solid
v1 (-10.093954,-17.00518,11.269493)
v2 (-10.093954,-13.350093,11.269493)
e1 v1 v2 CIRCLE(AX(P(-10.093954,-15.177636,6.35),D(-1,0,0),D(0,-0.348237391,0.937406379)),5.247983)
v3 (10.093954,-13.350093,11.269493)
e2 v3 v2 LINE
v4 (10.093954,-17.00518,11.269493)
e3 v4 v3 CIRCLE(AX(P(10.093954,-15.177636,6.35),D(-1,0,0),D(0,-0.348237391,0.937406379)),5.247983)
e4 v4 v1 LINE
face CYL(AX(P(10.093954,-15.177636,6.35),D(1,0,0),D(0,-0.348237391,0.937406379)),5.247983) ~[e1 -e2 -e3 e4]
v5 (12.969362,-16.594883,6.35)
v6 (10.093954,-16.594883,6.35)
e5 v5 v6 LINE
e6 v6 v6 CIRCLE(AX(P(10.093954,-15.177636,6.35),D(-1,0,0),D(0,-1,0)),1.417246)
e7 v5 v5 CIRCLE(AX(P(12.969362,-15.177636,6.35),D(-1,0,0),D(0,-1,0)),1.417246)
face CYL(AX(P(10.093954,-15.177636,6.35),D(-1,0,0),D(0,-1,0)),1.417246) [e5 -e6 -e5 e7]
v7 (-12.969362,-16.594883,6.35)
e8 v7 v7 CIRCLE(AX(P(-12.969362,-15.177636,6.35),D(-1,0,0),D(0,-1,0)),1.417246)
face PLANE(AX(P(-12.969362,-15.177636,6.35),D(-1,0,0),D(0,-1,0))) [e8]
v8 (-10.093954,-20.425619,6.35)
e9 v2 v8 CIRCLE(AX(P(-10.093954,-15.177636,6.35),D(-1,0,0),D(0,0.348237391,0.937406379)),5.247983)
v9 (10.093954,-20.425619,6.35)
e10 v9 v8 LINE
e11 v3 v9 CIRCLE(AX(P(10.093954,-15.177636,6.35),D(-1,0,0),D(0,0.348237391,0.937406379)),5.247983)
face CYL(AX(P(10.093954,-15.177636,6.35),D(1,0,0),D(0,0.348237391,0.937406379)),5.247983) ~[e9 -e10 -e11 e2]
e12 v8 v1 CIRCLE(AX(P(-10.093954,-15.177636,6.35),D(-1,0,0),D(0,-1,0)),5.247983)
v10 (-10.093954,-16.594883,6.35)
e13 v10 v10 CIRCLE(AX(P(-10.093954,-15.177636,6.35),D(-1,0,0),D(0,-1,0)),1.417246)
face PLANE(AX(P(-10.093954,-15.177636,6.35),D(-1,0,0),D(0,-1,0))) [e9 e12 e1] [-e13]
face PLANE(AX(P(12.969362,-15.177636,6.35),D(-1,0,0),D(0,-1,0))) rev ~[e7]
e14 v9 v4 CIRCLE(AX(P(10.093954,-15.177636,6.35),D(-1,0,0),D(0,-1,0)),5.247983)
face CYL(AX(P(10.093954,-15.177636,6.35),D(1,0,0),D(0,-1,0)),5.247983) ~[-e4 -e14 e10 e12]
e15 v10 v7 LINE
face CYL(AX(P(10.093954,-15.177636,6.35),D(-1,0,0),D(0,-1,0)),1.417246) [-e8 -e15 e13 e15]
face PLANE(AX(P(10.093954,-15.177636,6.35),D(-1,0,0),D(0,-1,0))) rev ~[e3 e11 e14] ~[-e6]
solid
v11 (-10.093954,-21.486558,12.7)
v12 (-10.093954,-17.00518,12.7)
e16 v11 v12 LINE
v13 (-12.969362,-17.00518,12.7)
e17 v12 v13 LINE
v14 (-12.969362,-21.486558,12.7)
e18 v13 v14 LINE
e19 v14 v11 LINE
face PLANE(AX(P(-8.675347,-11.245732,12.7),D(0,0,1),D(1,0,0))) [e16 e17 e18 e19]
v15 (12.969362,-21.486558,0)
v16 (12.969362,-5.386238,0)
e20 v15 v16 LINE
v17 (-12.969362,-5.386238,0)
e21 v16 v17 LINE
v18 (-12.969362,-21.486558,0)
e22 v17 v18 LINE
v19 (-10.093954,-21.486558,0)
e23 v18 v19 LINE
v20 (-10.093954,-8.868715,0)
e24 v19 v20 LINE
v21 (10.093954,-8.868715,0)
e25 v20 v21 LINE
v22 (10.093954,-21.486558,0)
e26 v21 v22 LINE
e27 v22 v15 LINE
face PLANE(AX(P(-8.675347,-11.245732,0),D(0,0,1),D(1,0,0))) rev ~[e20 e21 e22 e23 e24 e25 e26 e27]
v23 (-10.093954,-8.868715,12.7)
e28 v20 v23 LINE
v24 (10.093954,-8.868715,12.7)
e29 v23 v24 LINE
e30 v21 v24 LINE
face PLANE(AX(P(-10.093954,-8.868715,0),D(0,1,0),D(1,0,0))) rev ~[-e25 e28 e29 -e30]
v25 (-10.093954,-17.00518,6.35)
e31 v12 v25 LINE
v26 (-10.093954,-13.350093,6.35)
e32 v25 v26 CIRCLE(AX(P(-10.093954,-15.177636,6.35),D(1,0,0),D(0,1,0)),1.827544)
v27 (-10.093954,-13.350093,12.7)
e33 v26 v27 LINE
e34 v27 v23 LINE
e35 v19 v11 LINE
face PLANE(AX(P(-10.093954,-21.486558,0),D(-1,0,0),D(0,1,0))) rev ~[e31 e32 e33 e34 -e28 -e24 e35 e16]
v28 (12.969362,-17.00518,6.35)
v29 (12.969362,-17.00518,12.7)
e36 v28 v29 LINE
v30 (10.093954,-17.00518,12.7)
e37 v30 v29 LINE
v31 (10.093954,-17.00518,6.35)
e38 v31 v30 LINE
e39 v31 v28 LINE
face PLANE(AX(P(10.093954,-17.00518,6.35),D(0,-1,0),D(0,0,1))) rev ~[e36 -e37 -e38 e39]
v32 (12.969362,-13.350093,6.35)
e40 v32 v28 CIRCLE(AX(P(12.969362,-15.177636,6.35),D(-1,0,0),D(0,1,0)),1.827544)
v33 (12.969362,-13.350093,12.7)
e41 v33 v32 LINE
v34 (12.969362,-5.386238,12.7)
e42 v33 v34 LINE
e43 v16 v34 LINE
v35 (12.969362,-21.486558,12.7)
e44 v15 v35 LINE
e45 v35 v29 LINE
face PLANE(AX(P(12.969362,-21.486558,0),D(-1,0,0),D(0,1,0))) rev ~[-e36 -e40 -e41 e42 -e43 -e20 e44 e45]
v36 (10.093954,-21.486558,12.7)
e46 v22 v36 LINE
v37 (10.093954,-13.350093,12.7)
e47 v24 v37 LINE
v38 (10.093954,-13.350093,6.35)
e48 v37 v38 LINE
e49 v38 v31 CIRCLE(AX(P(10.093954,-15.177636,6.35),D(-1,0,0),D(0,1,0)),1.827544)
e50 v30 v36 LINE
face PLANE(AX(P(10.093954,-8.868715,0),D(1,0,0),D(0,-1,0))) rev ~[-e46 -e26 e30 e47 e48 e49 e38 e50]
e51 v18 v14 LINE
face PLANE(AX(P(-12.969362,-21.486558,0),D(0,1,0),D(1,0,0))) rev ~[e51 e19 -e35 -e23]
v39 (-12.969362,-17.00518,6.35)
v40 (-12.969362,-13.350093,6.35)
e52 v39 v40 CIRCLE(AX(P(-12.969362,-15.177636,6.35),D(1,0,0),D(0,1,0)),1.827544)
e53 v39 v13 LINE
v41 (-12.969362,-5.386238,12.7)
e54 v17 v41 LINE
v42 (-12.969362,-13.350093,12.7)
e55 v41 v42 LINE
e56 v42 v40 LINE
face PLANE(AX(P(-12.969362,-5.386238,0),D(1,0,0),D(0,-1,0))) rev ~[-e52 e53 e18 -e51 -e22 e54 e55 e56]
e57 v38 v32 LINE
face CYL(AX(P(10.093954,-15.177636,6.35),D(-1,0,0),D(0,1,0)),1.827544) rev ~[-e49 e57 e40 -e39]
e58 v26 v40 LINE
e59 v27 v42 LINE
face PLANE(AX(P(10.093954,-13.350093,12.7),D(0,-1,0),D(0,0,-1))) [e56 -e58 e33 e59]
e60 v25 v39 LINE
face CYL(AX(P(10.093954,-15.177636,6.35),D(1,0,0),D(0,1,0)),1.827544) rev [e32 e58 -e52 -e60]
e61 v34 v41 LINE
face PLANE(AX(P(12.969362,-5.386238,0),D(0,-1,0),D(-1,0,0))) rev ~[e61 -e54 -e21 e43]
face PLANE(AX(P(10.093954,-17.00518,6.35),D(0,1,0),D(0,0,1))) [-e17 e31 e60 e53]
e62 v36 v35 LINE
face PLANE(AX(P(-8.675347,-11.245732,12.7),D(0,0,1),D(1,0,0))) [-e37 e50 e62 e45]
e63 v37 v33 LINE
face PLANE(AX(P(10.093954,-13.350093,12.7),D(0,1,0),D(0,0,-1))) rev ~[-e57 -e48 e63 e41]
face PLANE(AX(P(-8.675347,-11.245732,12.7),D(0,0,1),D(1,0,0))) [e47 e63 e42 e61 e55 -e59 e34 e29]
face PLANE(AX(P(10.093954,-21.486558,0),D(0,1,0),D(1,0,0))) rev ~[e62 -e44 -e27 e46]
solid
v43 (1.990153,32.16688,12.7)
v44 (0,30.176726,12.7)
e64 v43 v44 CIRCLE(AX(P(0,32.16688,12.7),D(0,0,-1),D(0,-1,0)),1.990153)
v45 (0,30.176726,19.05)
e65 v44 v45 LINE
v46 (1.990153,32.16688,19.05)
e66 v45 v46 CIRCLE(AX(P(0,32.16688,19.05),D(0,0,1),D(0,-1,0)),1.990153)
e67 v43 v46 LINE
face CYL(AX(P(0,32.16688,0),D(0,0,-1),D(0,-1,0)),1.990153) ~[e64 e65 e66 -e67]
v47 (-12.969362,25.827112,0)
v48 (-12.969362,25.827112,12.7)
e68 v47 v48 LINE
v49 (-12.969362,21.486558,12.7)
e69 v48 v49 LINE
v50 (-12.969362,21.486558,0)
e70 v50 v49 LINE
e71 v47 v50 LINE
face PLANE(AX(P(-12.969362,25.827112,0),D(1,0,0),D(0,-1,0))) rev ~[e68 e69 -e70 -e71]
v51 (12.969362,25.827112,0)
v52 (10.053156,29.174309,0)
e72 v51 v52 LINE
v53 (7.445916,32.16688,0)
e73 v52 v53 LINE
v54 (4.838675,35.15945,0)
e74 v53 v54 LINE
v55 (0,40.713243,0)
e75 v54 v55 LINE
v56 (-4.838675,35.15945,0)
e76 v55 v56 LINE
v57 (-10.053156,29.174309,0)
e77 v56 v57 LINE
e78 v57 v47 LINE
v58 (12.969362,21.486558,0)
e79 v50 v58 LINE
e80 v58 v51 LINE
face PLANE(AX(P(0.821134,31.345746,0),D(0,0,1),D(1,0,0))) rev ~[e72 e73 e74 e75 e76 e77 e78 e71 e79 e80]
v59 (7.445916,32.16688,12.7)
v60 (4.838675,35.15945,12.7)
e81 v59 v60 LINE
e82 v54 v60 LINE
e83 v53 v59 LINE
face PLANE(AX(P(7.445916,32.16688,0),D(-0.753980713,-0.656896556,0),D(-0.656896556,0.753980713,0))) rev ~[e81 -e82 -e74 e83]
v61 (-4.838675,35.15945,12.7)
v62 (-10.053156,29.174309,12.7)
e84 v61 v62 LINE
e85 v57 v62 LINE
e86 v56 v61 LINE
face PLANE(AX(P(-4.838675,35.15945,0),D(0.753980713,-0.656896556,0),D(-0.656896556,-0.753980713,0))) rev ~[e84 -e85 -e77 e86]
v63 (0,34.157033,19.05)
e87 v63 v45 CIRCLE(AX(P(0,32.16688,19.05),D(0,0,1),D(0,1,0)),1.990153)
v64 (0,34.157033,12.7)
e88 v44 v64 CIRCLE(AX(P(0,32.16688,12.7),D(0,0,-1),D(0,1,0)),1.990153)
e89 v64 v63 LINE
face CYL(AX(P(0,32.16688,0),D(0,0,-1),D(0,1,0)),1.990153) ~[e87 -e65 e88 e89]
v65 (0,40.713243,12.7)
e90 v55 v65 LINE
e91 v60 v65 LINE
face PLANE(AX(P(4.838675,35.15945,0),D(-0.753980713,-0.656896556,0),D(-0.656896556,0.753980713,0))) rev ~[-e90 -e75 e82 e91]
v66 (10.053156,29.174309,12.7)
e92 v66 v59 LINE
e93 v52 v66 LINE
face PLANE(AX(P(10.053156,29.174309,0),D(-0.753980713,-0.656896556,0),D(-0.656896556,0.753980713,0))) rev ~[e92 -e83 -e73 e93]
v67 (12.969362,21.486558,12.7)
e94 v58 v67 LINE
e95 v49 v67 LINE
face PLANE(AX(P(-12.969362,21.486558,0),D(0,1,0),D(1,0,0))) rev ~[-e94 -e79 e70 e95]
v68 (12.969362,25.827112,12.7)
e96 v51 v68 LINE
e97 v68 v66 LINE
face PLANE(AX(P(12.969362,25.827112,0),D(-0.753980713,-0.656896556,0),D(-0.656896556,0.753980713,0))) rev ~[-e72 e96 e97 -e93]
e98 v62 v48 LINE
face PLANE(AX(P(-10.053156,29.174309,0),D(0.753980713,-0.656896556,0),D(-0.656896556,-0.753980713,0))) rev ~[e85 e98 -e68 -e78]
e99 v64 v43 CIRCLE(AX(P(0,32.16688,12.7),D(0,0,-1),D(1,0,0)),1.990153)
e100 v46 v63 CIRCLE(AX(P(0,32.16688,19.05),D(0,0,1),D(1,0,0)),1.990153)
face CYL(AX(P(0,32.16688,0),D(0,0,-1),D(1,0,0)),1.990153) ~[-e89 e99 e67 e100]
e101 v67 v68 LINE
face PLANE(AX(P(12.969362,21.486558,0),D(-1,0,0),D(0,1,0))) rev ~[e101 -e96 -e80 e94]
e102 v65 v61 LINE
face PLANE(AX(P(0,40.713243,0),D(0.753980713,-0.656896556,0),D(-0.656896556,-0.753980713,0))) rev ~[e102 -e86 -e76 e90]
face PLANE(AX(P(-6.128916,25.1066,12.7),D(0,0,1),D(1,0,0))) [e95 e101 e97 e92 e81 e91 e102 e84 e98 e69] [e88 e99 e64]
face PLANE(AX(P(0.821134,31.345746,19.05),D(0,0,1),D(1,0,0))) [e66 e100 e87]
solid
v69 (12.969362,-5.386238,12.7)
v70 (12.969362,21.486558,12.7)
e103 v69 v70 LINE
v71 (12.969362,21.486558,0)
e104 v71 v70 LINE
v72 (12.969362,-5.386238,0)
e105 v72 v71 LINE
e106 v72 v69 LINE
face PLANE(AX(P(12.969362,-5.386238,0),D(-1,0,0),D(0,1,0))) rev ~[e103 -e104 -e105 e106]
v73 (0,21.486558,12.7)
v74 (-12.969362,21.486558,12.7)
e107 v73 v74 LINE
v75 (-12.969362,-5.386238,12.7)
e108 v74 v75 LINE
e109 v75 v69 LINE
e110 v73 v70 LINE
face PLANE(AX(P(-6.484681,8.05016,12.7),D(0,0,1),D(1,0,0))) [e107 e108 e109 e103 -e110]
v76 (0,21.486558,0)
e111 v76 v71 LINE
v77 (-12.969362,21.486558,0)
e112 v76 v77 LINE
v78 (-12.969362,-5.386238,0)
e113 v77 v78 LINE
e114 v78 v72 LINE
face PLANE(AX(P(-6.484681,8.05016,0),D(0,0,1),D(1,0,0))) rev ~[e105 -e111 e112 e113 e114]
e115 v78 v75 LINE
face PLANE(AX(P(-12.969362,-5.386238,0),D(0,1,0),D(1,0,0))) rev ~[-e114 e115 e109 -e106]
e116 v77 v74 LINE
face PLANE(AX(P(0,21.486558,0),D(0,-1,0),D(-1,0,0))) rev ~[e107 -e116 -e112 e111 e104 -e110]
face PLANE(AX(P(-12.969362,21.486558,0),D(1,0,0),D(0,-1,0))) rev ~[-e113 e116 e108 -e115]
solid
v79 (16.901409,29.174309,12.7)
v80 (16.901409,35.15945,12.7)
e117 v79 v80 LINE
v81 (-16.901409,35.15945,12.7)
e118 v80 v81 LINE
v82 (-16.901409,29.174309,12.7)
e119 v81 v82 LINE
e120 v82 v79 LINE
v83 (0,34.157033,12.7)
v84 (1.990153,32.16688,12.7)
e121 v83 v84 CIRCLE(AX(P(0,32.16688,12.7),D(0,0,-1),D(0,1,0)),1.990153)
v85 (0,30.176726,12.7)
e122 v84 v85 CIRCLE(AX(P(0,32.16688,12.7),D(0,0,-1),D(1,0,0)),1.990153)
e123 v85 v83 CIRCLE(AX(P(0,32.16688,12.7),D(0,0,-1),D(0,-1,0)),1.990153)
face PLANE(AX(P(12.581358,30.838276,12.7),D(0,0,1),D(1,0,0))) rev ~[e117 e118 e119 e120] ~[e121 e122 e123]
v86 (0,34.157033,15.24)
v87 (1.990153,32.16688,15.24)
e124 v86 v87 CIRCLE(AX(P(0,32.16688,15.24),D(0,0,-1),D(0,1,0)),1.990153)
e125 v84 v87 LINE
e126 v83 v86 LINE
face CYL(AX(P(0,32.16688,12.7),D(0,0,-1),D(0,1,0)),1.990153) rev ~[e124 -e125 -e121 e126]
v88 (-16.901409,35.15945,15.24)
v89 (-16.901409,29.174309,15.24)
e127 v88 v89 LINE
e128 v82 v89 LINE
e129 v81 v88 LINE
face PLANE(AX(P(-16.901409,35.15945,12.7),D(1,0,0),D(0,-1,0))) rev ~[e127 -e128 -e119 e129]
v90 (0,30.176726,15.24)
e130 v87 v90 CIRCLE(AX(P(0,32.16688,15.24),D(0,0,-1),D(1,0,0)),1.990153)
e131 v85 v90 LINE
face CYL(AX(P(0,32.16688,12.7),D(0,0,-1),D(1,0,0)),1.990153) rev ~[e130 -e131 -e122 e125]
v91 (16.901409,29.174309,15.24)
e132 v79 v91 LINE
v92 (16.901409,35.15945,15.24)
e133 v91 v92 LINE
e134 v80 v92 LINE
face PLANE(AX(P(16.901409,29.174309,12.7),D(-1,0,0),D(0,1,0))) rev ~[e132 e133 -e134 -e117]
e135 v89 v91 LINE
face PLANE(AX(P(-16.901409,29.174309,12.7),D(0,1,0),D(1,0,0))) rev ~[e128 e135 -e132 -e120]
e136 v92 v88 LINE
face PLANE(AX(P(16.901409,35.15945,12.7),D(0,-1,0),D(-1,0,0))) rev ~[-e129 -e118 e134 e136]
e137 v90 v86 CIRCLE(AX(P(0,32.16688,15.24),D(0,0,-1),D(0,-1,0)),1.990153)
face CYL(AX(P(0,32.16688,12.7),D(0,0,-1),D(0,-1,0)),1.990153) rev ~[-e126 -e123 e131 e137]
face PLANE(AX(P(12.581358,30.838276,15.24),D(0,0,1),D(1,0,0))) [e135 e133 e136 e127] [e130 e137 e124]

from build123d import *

# Parameters (mm, degrees)
F0_W          = 12.9693616182
F0_H          = 21.4865580201
F0_H_2        = 5.3862379864
F1_DEPTH      = 12.7
F2_DEPTH      = 12.7
F3_DEPTH      = 12.7
F4_DEPTH      = 19.05
F5_START      = 12.7
F5_DEPTH      = 2.54
F6_R          = 1.4172462463
F7_DEPTH      = 6.8084548617
F7_DEPTH_BACK = 26.9963636453
F8_DEPTH      = 23.0633160099
F8_DEPTH_BACK = 2.8754072264
F9_DEPTH      = 20.1879087836


with BuildPart() as f1:
    # F0 (on Top) → F1 (new body)
    with BuildSketch(Plane.XY):
        Polygon((0, 0), (0, 21.4865580201), (-12.9693616182, 21.4865580201), (-12.9693616182, 0), (-12.9693616182, -5.3862379864), (0, -5.3862379864), align=None)
        with Locations((6.4846808091, 10.7432790101)):
            Rectangle(F0_W, F0_H)
        with Locations((6.4846808091, -2.6931189932)):
            Rectangle(F0_W, F0_H_2)
    extrude(amount=F1_DEPTH)


with BuildPart() as f2:
    # F0 (on Top) → F2 (new body, through all)
    with BuildSketch(Plane.XY):
        Polygon((0, -8.8687147945), (0, -5.3862379864), (-12.9693616182, -5.3862379864), (-12.9693616182, -21.4865580201), (-10.0939543918, -21.4865580201), (-10.0939543918, -8.8687147945), align=None)
        Polygon((12.9693616182, -5.3862379864), (0, -5.3862379864), (0, -8.8687147945), (10.0939543918, -8.8687147945), (10.0939543918, -21.4865580201), (12.9693616182, -21.4865580201), align=None)
    extrude(amount=F2_DEPTH)

    # F6 (on face) → F7 (cut, two sides)
    with BuildSketch(Plane(origin=(10.0939543918, 0, 0), x_dir=(0, -1, 0), z_dir=(-1, 0, 0))) as f7_sk:
        with BuildLine():
            ThreePointArc((13.3500925612, 6.35), (15.1776364073, 4.5224561539), (17.0051802535, 6.35))
            ThreePointArc((17.0051802535, 6.35), (15.1776364073, 8.1775438461), (13.3500925612, 6.35))
        make_face()
        with Locations((15.1776364073, 6.35)):
            Circle(F6_R, mode=Mode.SUBTRACT)
        with Locations((15.1776364073, 6.35)):
            Circle(F6_R)
        with BuildLine():
            ThreePointArc((13.3500925612, 6.35), (15.1776364073, 8.1775438461), (17.0051802535, 6.35))
            Line((17.0051802535, 6.35), (17.0051802535, 11.2694925814))
            ThreePointArc((17.0051802535, 11.2694925814), (15.1776364073, 11.5979828284), (13.3500925612, 11.2694925814))
            Line((13.3500925612, 11.2694925814), (13.3500925612, 6.35))
        make_face()
        with BuildLine():
            ThreePointArc((13.3500925612, 11.2694925814), (15.1776364073, 11.5979828284), (17.0051802535, 11.2694925814))
            Line((17.0051802535, 11.2694925814), (17.0051802535, 12.7))
            Line((17.0051802535, 12.7), (13.3500925612, 12.7))
            Line((13.3500925612, 12.7), (13.3500925612, 11.2694925814))
        make_face()
    extrude(amount=-F7_DEPTH, mode=Mode.SUBTRACT)
    extrude(f7_sk.sketch, amount=F7_DEPTH_BACK, mode=Mode.SUBTRACT)


with BuildPart() as f3:
    # F0 (on Top) → F3 (new body, through all)
    with BuildSketch(Plane.XY):
        Polygon((-12.9693616182, 21.4865580201), (0, 21.4865580201), (0, 29.1743092239), (-10.0531563319, 29.1743092239), (-12.9693616182, 25.8271116763), align=None)
        Polygon((0, 29.1743092239), (0, 21.4865580201), (12.9693616182, 21.4865580201), (12.9693616182, 25.8271116763), (10.0531563319, 29.1743092239), align=None)
        with BuildLine():
            Line((0, 30.1767262363), (0, 29.1743092239))
            Line((0, 29.1743092239), (10.0531563319, 29.1743092239))
            Line((10.0531563319, 29.1743092239), (7.4459156487, 32.1668796241))
            Line((7.4459156487, 32.1668796241), (1.9901533878, 32.1668796241))
            ThreePointArc((1.9901533878, 32.1668796241), (1.4072509561, 30.759628668), (0, 30.1767262363))
        make_face()
        with BuildLine():
            Line((0, 35.1594500244), (0, 34.1570330119))
            ThreePointArc((0, 34.1570330119), (1.4072509561, 33.5741305802), (1.9901533878, 32.1668796241))
            Line((1.9901533878, 32.1668796241), (7.4459156487, 32.1668796241))
            Line((7.4459156487, 32.1668796241), (4.8386749655, 35.1594500244))
            Line((4.8386749655, 35.1594500244), (0, 35.1594500244))
        make_face()
        Polygon((0, 40.7132431865), (0, 35.1594500244), (4.8386749655, 35.1594500244), align=None)
        with BuildLine():
            Line((-10.0531563319, 29.1743092239), (0, 29.1743092239))
            Line((0, 29.1743092239), (0, 30.1767262363))
            ThreePointArc((0, 30.1767262363), (-1.9901533878, 32.1668796241), (0, 34.1570330119))
            Line((0, 34.1570330119), (0, 35.1594500244))
            Line((0, 35.1594500244), (-4.8386749655, 35.1594500244))
            Line((-4.8386749655, 35.1594500244), (-10.0531563319, 29.1743092239))
        make_face()
        Polygon((0, 40.7132431865), (-4.8386749655, 35.1594500244), (0, 35.1594500244), align=None)
        with BuildLine():
            Line((0, 32.1668796241), (0, 30.1767262363))
            ThreePointArc((0, 30.1767262363), (1.4072509561, 30.759628668), (1.9901533878, 32.1668796241))
            Line((1.9901533878, 32.1668796241), (0, 32.1668796241))
        make_face()
        with BuildLine():
            ThreePointArc((0, 34.1570330119), (-1.9901533878, 32.1668796241), (0, 30.1767262363))
            Line((0, 30.1767262363), (0, 32.1668796241))
            Line((0, 32.1668796241), (0, 34.1570330119))
        make_face()
        with BuildLine():
            Line((0, 34.1570330119), (0, 32.1668796241))
            Line((0, 32.1668796241), (1.9901533878, 32.1668796241))
            ThreePointArc((1.9901533878, 32.1668796241), (1.4072509561, 33.5741305802), (0, 34.1570330119))
        make_face()
    extrude(amount=F3_DEPTH)

    # F0 (on Top) → F4 (join)
    with BuildSketch(Plane.XY):
        with BuildLine():
            Line((0, 32.1668796241), (0, 30.1767262363))
            ThreePointArc((0, 30.1767262363), (1.4072509561, 30.759628668), (1.9901533878, 32.1668796241))
            Line((1.9901533878, 32.1668796241), (0, 32.1668796241))
        make_face()
        with BuildLine():
            Line((0, 34.1570330119), (0, 32.1668796241))
            Line((0, 32.1668796241), (1.9901533878, 32.1668796241))
            ThreePointArc((1.9901533878, 32.1668796241), (1.4072509561, 33.5741305802), (0, 34.1570330119))
        make_face()
        with BuildLine():
            ThreePointArc((0, 34.1570330119), (-1.9901533878, 32.1668796241), (0, 30.1767262363))
            Line((0, 30.1767262363), (0, 32.1668796241))
            Line((0, 32.1668796241), (0, 34.1570330119))
        make_face()
    extrude(amount=F4_DEPTH)


with BuildPart() as f5:
    # F0 (on Top) → F5 (new body)
    with BuildSketch(Plane.XY.offset(F5_START)):
        Polygon((7.4459156487, 32.1668796241), (10.0531563319, 29.1743092239), (16.9014092535, 29.1743092239), (16.9014092535, 32.1668796241), align=None)
        with BuildLine():
            Line((0, 30.1767262363), (0, 29.1743092239))
            Line((0, 29.1743092239), (10.0531563319, 29.1743092239))
            Line((10.0531563319, 29.1743092239), (7.4459156487, 32.1668796241))
            Line((7.4459156487, 32.1668796241), (1.9901533878, 32.1668796241))
            ThreePointArc((1.9901533878, 32.1668796241), (1.4072509561, 30.759628668), (0, 30.1767262363))
        make_face()
        Polygon((4.8386749655, 35.1594500244), (7.4459156487, 32.1668796241), (16.9014092535, 32.1668796241), (16.9014092535, 35.1594500244), align=None)
        with BuildLine():
            Line((0, 35.1594500244), (0, 34.1570330119))
            ThreePointArc((0, 34.1570330119), (1.4072509561, 33.5741305802), (1.9901533878, 32.1668796241))
            Line((1.9901533878, 32.1668796241), (7.4459156487, 32.1668796241))
            Line((7.4459156487, 32.1668796241), (4.8386749655, 35.1594500244))
            Line((4.8386749655, 35.1594500244), (0, 35.1594500244))
        make_face()
        with BuildLine():
            Line((-10.0531563319, 29.1743092239), (0, 29.1743092239))
            Line((0, 29.1743092239), (0, 30.1767262363))
            ThreePointArc((0, 30.1767262363), (-1.9901533878, 32.1668796241), (0, 34.1570330119))
            Line((0, 34.1570330119), (0, 35.1594500244))
            Line((0, 35.1594500244), (-4.8386749655, 35.1594500244))
            Line((-4.8386749655, 35.1594500244), (-10.0531563319, 29.1743092239))
        make_face()
        Polygon((-16.9014092535, 29.1743092239), (-10.0531563319, 29.1743092239), (-4.8386749655, 35.1594500244), (-16.9014092535, 35.1594500244), (-16.9014092535, 32.1668796241), align=None)
    extrude(amount=F5_DEPTH)


with BuildPart() as f8:
    # F6 (on face) → F8 (new body, two sides)
    with BuildSketch(Plane(origin=(10.0939543918, 0, 0), x_dir=(0, -1, 0), z_dir=(-1, 0, 0))) as f8_sk:
        with Locations((15.1776364073, 6.35)):
            Circle(F6_R)
    extrude(amount=F8_DEPTH)
    extrude(f8_sk.sketch, amount=-F8_DEPTH_BACK)

    # F6 (on face) → F9 (join, through all)
    with BuildSketch(Plane(origin=(10.0939543918, 0, 0), x_dir=(0, -1, 0), z_dir=(-1, 0, 0))):
        with BuildLine():
            ThreePointArc((13.3500925612, 6.35), (15.1776364073, 4.5224561539), (17.0051802535, 6.35))
            ThreePointArc((17.0051802535, 6.35), (15.1776364073, 8.1775438461), (13.3500925612, 6.35))
        make_face()
        with Locations((15.1776364073, 6.35)):
            Circle(F6_R, mode=Mode.SUBTRACT)
        with BuildLine():
            ThreePointArc((13.3500925612, 6.35), (15.1776364073, 8.1775438461), (17.0051802535, 6.35))
            Line((17.0051802535, 6.35), (17.0051802535, 11.2694925814))
            ThreePointArc((17.0051802535, 11.2694925814), (15.1776364073, 11.5979828284), (13.3500925612, 11.2694925814))
            Line((13.3500925612, 11.2694925814), (13.3500925612, 6.35))
        make_face()
        with BuildLine():
            Line((17.0051802535, 11.2694925814), (17.0051802535, 6.35))
            ThreePointArc((17.0051802535, 6.35), (15.1776364073, 4.5224561539), (13.3500925612, 6.35))
            Line((13.3500925612, 6.35), (13.3500925612, 11.2694925814))
            ThreePointArc((13.3500925612, 11.2694925814), (12.181772171, 2.0411577837), (20.4256192358, 6.35))
            ThreePointArc((20.4256192358, 6.35), (19.4864786236, 9.3458642363), (17.0051802535, 11.2694925814))
        make_face()
    extrude(amount=F9_DEPTH)


solid = Compound([f1.part, f2.part, f3.part, f5.part, f8.part])
